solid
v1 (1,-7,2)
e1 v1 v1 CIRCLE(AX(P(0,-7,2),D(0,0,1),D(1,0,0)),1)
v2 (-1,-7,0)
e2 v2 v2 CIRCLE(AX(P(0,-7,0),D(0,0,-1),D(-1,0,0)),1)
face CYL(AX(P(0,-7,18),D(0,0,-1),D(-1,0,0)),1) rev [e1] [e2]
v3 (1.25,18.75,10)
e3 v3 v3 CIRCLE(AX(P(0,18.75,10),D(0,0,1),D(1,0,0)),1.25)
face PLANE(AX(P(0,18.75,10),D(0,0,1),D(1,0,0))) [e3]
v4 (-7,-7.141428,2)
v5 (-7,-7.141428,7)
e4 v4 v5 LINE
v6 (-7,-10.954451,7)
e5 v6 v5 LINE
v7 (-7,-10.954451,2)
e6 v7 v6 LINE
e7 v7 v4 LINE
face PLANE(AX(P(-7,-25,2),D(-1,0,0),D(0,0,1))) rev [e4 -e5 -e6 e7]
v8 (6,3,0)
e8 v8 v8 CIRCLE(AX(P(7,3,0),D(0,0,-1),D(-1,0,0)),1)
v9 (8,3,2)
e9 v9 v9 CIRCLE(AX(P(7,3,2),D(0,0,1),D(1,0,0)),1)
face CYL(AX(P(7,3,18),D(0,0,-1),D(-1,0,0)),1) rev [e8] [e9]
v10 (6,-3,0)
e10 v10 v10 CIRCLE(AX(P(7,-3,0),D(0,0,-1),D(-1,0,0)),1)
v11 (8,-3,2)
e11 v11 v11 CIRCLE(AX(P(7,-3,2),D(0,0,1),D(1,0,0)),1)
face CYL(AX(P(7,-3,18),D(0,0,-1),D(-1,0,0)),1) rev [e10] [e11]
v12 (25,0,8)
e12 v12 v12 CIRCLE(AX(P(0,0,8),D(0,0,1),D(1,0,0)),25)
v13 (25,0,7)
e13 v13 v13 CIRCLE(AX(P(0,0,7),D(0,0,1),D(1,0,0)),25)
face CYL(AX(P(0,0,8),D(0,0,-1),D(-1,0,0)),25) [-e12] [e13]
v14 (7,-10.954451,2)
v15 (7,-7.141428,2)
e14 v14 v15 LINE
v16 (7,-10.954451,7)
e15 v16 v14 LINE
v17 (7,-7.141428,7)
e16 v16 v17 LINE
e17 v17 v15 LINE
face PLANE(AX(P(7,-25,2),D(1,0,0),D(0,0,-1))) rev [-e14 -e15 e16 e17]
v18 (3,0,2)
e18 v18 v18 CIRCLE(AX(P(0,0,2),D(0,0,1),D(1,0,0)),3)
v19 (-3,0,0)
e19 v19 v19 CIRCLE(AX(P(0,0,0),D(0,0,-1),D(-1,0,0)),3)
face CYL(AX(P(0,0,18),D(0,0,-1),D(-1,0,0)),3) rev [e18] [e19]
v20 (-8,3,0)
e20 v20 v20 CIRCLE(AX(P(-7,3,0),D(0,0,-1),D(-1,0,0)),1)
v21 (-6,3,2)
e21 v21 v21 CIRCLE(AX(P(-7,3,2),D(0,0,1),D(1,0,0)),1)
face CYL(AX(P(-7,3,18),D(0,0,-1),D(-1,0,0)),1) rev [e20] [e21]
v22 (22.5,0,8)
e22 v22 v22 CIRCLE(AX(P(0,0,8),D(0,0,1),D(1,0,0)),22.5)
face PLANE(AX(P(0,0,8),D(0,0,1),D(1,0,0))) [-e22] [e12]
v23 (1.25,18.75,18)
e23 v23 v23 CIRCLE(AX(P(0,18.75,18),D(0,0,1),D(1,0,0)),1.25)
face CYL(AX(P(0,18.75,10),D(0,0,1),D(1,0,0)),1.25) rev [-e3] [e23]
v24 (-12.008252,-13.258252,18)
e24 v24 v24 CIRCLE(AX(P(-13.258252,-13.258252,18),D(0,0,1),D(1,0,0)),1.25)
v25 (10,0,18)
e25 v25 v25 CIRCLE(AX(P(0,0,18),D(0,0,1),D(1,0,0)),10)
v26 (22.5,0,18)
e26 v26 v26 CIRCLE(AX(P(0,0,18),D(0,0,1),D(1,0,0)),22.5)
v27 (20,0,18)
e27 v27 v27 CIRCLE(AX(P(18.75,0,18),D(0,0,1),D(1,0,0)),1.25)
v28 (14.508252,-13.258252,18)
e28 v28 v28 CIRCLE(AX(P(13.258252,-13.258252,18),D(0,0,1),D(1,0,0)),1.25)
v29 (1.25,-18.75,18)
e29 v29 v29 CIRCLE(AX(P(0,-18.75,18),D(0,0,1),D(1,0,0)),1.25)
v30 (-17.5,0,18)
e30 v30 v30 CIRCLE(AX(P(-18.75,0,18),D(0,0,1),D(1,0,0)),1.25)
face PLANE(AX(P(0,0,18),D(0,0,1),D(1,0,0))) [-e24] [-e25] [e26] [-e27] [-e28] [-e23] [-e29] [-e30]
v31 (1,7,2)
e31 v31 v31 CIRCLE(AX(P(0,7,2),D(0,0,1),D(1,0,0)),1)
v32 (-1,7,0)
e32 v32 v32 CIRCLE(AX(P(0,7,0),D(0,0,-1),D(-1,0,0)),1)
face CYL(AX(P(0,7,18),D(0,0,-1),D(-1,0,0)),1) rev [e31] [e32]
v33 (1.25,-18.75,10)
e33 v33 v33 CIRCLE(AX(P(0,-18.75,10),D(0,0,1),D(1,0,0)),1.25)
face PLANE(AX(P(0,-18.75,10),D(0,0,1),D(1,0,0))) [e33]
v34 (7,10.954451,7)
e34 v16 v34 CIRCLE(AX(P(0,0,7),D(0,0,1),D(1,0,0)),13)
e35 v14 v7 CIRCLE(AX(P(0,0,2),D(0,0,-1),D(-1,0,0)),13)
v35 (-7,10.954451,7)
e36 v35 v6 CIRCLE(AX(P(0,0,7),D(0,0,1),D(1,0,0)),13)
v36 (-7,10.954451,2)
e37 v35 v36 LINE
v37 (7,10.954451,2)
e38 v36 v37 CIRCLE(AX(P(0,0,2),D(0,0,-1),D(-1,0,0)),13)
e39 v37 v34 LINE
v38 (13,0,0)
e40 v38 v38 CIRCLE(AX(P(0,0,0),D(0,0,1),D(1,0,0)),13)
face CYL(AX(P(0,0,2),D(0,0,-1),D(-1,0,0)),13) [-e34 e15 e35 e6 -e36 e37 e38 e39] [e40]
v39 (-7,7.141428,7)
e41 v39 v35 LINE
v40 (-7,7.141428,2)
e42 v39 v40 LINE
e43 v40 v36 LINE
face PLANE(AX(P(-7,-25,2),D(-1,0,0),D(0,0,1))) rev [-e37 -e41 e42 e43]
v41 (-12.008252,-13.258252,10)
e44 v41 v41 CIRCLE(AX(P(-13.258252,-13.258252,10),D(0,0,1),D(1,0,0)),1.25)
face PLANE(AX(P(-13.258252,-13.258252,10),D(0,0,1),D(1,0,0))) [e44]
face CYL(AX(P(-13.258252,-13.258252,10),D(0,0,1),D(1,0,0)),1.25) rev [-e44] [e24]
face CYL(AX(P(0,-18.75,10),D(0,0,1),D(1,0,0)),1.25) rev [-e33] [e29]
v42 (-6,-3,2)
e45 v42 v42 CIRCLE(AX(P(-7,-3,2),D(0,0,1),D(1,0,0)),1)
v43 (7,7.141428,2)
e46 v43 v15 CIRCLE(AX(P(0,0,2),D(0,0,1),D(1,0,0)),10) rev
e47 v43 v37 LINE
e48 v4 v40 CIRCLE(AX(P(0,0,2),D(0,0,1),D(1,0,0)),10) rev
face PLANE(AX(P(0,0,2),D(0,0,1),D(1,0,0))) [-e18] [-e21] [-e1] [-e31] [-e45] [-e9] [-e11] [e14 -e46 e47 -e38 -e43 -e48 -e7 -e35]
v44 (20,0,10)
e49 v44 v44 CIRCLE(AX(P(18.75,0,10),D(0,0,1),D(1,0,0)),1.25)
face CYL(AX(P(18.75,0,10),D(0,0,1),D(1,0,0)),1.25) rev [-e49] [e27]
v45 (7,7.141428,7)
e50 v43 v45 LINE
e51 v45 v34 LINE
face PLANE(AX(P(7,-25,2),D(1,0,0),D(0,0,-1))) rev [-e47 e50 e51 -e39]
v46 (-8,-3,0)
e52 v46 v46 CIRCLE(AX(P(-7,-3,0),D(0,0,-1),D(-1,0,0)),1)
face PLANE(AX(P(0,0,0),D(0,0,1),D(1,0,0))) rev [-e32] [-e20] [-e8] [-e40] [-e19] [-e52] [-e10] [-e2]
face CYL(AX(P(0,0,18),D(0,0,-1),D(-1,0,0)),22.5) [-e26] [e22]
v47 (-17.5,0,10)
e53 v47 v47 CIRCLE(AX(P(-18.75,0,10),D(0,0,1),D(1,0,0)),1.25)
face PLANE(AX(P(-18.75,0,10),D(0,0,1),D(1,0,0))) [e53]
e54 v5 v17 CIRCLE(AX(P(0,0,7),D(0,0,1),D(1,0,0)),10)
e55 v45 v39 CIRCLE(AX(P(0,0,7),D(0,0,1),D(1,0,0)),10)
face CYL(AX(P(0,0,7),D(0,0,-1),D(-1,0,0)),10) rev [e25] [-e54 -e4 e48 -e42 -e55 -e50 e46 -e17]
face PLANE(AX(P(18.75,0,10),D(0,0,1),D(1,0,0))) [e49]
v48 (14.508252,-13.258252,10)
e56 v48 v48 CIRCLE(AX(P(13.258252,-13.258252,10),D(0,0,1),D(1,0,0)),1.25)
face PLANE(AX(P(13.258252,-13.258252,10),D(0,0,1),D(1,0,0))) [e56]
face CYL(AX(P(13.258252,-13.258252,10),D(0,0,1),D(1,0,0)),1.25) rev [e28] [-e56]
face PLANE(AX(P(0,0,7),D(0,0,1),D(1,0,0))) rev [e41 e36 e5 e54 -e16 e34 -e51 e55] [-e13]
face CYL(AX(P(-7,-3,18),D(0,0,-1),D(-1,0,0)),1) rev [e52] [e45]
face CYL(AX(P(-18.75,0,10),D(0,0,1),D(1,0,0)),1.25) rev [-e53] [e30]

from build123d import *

# Parameters (mm, degrees)
SKETCH_1_R               = 13
EXTRUDE_1_DEPTH          = 2
SKETCH_2_R               = 13
SKETCH_2_R_2             = 10
EXTRUDE_2_DEPTH          = 5
SKETCH_4_R               = 25
SKETCH_4_R_2             = 10
EXTRUDE_3_DEPTH          = 1
SKETCH_5_R               = 22.5
SKETCH_5_R_2             = 10
EXTRUDE_4_DEPTH          = 10
SKETCH_6_R               = 1.25
CUT_EXTRUDE_1_DEPTH      = 8
SKETCH_7_R               = 3
SKETCH_7_R_2             = 1
CUT_EXTRUDE_2_DEPTH      = 40.67366885
CUT_EXTRUDE_3_DEPTH      = 40.67366885
CUT_EXTRUDE_3_DEPTH_BACK = 40.67366885
SKETCH_8_W               = 14
SKETCH_8_H               = 5


with BuildPart() as part:
    # 스케치1 → 보스-돌출1 (new body)
    with BuildSketch(Plane.XY):
        Circle(SKETCH_1_R)
    extrude(amount=EXTRUDE_1_DEPTH)

    # 스케치2 → 보스-돌출2 (add)
    with BuildSketch(Plane.XY.offset(2)):
        Circle(SKETCH_2_R)
        Circle(SKETCH_2_R_2, mode=Mode.SUBTRACT)
    extrude(amount=EXTRUDE_2_DEPTH)

    # 스케치4 → 보스-돌출3 (add)
    with BuildSketch(Plane.XY.offset(7)):
        Circle(SKETCH_4_R)
        Circle(SKETCH_4_R_2, mode=Mode.SUBTRACT)
    extrude(amount=EXTRUDE_3_DEPTH)

    # 스케치5 → 보스-돌출4 (add)
    with BuildSketch(Plane.XY.offset(8)):
        Circle(SKETCH_5_R)
        Circle(SKETCH_5_R_2, mode=Mode.SUBTRACT)
    extrude(amount=EXTRUDE_4_DEPTH)

    # 스케치6 → 컷-돌출1 (cut)
    with BuildSketch(Plane.XY.offset(18)):
        with Locations((0, 18.75)):
            Circle(SKETCH_6_R)
        with Locations((18.75, 0)):
            Circle(SKETCH_6_R)
        with Locations((13.258252147, -13.258252147)):
            Circle(SKETCH_6_R)
        with Locations((0, -18.75)):
            Circle(SKETCH_6_R)
        with Locations((-13.258252147, -13.258252147)):
            Circle(SKETCH_6_R)
        with Locations((-18.75, 0)):
            Circle(SKETCH_6_R)
    extrude(amount=-CUT_EXTRUDE_1_DEPTH, mode=Mode.SUBTRACT)

    # 스케치7 → 컷-돌출2 (cut, through all)
    with BuildSketch(Plane(origin=(0, 0, 0), x_dir=(-1, 0, 0), z_dir=(0, 0, -1))):
        Circle(SKETCH_7_R)
        with Locations((0, 7)):
            Circle(SKETCH_7_R_2)
        with Locations((0, -7)):
            Circle(SKETCH_7_R_2)
        with Locations((-7, 3)):
            Circle(SKETCH_7_R_2)
        with Locations((-7, -3)):
            Circle(SKETCH_7_R_2)
        with Locations((7, 3)):
            Circle(SKETCH_7_R_2)
        with Locations((7, -3)):
            Circle(SKETCH_7_R_2)
    extrude(amount=-CUT_EXTRUDE_2_DEPTH, mode=Mode.SUBTRACT)

    # 스케치8 → 컷-돌출3 (cut, two sides: drawn at the far end of the back side and taken through both)
    with BuildSketch(Plane(origin=(0, 0, 0), x_dir=(1, 0, 0), z_dir=(0, 1, 0)).offset(-CUT_EXTRUDE_3_DEPTH_BACK)):
        with Locations((0, -4.5)):
            Rectangle(SKETCH_8_W, SKETCH_8_H)
    extrude(amount=CUT_EXTRUDE_3_DEPTH + CUT_EXTRUDE_3_DEPTH_BACK, mode=Mode.SUBTRACT)


solid = part.part
